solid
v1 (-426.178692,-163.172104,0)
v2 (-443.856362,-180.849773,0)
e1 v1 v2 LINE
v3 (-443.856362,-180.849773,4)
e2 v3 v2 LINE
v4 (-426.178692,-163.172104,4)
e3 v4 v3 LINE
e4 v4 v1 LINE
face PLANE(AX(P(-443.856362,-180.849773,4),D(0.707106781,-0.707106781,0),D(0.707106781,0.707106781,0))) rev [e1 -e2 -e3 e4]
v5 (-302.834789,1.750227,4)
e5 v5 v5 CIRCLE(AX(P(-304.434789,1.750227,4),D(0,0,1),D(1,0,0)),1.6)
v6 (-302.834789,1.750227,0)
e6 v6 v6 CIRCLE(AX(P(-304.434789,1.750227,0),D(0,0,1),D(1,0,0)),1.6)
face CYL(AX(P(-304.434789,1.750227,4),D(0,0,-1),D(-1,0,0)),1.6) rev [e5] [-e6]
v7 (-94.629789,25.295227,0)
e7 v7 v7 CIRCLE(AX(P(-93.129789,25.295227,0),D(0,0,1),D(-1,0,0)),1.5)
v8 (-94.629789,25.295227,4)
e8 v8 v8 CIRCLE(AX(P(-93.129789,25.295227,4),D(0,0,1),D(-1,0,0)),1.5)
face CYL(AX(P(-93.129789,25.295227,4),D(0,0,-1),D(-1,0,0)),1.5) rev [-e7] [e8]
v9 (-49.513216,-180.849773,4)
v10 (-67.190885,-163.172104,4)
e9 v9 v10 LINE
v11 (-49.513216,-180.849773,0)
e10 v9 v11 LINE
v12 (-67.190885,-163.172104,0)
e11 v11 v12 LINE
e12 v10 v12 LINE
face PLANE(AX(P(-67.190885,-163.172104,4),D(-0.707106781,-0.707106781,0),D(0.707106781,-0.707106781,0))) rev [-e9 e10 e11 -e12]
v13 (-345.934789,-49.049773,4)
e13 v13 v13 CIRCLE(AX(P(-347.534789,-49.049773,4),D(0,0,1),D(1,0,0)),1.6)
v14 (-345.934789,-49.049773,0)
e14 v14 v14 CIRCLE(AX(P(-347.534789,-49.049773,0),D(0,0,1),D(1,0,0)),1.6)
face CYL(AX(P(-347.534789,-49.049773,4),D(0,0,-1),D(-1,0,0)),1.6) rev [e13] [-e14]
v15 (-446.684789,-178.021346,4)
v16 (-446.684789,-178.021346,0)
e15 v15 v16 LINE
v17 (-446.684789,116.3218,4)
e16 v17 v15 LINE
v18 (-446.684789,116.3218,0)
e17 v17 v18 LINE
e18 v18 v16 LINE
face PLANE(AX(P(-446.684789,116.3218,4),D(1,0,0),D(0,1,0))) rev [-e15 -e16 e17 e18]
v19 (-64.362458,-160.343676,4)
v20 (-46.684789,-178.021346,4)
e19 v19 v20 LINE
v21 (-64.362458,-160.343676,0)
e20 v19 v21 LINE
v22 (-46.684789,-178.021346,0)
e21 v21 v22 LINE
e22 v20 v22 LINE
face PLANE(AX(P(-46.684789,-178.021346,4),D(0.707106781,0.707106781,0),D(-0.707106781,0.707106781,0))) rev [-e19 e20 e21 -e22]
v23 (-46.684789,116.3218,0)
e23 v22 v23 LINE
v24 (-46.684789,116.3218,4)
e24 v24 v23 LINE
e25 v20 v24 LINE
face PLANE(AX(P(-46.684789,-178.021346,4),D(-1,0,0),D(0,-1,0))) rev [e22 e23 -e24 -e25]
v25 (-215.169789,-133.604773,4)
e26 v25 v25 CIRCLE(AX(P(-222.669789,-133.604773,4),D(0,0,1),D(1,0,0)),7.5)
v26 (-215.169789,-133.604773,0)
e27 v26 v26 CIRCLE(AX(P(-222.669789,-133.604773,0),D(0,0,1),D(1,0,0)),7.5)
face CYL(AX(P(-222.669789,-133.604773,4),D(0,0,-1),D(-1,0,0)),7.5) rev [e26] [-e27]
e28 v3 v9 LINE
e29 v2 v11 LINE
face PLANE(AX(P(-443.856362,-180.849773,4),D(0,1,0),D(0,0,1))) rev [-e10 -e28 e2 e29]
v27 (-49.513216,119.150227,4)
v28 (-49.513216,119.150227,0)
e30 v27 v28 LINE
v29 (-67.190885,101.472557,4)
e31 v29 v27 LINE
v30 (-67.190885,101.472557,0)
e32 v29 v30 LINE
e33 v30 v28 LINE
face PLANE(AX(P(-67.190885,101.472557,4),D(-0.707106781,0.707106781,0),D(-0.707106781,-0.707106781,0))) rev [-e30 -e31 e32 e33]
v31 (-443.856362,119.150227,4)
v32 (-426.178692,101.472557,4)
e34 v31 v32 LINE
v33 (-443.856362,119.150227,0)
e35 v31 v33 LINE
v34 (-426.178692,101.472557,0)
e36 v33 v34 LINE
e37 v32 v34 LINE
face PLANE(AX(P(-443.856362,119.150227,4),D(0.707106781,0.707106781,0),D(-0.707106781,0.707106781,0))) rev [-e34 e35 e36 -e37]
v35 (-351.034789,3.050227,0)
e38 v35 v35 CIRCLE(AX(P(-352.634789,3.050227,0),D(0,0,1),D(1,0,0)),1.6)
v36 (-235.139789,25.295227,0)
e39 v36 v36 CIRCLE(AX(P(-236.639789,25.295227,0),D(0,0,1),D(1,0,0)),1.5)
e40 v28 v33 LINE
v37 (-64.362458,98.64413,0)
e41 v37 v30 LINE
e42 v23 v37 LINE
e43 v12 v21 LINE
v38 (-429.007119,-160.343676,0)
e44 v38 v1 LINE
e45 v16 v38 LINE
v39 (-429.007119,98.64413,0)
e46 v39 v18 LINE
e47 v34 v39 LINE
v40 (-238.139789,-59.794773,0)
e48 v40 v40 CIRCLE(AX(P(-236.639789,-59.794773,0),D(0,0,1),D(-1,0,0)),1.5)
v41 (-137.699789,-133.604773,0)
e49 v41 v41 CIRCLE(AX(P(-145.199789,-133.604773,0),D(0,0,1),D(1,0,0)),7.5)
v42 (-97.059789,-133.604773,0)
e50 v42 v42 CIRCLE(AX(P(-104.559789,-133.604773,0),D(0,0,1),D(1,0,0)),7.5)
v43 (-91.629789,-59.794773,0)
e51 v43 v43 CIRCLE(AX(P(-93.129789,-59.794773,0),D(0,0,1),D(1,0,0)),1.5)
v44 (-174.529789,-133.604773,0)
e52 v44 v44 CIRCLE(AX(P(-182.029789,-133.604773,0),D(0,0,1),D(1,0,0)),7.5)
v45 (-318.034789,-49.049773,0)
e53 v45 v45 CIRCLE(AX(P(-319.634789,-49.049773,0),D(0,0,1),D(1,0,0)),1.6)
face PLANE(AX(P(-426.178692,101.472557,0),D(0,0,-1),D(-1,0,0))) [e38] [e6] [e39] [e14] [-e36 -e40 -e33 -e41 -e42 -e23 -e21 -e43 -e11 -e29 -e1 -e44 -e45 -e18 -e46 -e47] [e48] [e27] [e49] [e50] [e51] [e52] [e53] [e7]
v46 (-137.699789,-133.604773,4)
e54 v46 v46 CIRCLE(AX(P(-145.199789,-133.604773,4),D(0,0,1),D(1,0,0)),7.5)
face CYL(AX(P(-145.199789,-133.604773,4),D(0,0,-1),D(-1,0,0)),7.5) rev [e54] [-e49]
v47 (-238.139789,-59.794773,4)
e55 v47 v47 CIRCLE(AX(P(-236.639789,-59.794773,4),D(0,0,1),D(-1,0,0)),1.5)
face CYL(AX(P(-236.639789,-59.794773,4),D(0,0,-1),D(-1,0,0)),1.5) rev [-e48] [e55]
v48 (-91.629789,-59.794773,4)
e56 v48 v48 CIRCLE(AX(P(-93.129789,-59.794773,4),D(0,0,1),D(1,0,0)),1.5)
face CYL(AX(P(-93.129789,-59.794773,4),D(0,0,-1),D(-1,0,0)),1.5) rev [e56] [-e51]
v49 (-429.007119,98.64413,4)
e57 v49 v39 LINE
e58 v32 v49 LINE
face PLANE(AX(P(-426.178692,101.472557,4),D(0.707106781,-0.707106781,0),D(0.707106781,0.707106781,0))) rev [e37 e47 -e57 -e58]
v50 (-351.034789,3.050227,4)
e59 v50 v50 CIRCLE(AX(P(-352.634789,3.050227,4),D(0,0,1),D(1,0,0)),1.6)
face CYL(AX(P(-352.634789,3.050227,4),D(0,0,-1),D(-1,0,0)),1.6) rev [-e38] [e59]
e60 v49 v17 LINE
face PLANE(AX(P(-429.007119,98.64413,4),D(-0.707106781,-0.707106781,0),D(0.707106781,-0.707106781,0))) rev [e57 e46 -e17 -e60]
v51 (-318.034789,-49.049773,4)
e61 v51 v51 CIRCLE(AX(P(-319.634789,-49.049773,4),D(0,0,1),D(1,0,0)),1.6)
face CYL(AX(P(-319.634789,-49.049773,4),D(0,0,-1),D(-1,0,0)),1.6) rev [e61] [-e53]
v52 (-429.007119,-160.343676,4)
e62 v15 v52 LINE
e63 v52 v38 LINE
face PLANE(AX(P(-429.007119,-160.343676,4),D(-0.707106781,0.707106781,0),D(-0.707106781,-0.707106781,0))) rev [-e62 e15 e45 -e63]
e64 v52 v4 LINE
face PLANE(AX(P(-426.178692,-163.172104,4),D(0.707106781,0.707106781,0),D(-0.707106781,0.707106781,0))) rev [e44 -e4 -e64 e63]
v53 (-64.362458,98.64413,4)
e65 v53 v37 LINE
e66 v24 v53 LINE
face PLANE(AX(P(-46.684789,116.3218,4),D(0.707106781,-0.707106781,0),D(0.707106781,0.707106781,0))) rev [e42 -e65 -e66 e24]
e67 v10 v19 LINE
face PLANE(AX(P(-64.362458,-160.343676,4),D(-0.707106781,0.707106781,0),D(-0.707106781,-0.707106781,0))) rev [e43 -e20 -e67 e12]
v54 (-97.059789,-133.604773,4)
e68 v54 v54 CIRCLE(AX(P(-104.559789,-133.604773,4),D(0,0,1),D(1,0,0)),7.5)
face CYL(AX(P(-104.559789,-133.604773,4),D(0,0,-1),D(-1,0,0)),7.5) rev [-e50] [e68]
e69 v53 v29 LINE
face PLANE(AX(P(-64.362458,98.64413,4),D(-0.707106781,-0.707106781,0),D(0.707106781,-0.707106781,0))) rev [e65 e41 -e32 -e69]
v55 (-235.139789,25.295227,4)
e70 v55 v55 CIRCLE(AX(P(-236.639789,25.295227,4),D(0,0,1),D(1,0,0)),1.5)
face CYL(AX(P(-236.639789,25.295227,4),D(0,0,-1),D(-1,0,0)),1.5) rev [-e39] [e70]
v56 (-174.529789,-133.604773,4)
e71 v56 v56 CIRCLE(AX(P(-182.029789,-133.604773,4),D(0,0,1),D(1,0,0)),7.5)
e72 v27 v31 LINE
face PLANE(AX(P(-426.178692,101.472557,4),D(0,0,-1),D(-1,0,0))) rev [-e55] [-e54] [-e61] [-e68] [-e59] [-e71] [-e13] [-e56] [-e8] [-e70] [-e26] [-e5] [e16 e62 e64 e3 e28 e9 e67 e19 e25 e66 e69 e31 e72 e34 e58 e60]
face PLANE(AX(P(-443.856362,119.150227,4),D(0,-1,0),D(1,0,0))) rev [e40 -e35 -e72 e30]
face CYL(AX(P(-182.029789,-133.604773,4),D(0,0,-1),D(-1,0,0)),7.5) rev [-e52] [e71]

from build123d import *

# Parameters (mm, degrees)
ESQUISSE1_R        = 1.5
ESQUISSE1_R_2      = 7.5
ESQUISSE1_R_3      = 1.6
BOSS_EXTRU_1_DEPTH = 4


with BuildPart() as part:
    # Esquisse1 → Boss.-Extru.1 (new body)
    with BuildSketch(Plane.XY):
        Polygon((-443.856361675, 119.15022686), (-49.513215925, 119.15022686), (-67.190885454, 101.472557331), (-64.36245833, 98.644130206), (-46.6847888, 116.321799736), (-46.6847888, -178.021346015), (-64.36245833, -160.343676485), (-67.190885454, -163.17210361), (-49.513215925, -180.84977314), (-443.856361675, -180.84977314), (-426.178692146, -163.17210361), (-429.00711927, -160.343676485), (-446.6847888, -178.021346015), (-446.6847888, 116.321799736), (-429.00711927, 98.644130206), (-426.178692146, 101.472557331), align=None)
        with Locations((-236.6397888, 25.29522686)):
            Circle(ESQUISSE1_R, mode=Mode.SUBTRACT)
        with Locations((-93.1297888, 25.29522686)):
            Circle(ESQUISSE1_R, mode=Mode.SUBTRACT)
        with Locations((-236.6397888, -59.79477314)):
            Circle(ESQUISSE1_R, mode=Mode.SUBTRACT)
        with Locations((-93.1297888, -59.79477314)):
            Circle(ESQUISSE1_R, mode=Mode.SUBTRACT)
        with Locations((-104.5597888, -133.60477314)):
            Circle(ESQUISSE1_R_2, mode=Mode.SUBTRACT)
        with Locations((-347.5347888, -49.04977314)):
            Circle(ESQUISSE1_R_3, mode=Mode.SUBTRACT)
        with Locations((-319.6347888, -49.04977314)):
            Circle(ESQUISSE1_R_3, mode=Mode.SUBTRACT)
        with Locations((-352.6347888, 3.05022686)):
            Circle(ESQUISSE1_R_3, mode=Mode.SUBTRACT)
        with Locations((-304.4347888, 1.75022686)):
            Circle(ESQUISSE1_R_3, mode=Mode.SUBTRACT)
        with Locations((-145.1997888, -133.60477314)):
            Circle(ESQUISSE1_R_2, mode=Mode.SUBTRACT)
        with Locations((-182.0297888, -133.60477314)):
            Circle(ESQUISSE1_R_2, mode=Mode.SUBTRACT)
        with Locations((-222.6697888, -133.60477314)):
            Circle(ESQUISSE1_R_2, mode=Mode.SUBTRACT)
    extrude(amount=BOSS_EXTRU_1_DEPTH)


solid = part.part
